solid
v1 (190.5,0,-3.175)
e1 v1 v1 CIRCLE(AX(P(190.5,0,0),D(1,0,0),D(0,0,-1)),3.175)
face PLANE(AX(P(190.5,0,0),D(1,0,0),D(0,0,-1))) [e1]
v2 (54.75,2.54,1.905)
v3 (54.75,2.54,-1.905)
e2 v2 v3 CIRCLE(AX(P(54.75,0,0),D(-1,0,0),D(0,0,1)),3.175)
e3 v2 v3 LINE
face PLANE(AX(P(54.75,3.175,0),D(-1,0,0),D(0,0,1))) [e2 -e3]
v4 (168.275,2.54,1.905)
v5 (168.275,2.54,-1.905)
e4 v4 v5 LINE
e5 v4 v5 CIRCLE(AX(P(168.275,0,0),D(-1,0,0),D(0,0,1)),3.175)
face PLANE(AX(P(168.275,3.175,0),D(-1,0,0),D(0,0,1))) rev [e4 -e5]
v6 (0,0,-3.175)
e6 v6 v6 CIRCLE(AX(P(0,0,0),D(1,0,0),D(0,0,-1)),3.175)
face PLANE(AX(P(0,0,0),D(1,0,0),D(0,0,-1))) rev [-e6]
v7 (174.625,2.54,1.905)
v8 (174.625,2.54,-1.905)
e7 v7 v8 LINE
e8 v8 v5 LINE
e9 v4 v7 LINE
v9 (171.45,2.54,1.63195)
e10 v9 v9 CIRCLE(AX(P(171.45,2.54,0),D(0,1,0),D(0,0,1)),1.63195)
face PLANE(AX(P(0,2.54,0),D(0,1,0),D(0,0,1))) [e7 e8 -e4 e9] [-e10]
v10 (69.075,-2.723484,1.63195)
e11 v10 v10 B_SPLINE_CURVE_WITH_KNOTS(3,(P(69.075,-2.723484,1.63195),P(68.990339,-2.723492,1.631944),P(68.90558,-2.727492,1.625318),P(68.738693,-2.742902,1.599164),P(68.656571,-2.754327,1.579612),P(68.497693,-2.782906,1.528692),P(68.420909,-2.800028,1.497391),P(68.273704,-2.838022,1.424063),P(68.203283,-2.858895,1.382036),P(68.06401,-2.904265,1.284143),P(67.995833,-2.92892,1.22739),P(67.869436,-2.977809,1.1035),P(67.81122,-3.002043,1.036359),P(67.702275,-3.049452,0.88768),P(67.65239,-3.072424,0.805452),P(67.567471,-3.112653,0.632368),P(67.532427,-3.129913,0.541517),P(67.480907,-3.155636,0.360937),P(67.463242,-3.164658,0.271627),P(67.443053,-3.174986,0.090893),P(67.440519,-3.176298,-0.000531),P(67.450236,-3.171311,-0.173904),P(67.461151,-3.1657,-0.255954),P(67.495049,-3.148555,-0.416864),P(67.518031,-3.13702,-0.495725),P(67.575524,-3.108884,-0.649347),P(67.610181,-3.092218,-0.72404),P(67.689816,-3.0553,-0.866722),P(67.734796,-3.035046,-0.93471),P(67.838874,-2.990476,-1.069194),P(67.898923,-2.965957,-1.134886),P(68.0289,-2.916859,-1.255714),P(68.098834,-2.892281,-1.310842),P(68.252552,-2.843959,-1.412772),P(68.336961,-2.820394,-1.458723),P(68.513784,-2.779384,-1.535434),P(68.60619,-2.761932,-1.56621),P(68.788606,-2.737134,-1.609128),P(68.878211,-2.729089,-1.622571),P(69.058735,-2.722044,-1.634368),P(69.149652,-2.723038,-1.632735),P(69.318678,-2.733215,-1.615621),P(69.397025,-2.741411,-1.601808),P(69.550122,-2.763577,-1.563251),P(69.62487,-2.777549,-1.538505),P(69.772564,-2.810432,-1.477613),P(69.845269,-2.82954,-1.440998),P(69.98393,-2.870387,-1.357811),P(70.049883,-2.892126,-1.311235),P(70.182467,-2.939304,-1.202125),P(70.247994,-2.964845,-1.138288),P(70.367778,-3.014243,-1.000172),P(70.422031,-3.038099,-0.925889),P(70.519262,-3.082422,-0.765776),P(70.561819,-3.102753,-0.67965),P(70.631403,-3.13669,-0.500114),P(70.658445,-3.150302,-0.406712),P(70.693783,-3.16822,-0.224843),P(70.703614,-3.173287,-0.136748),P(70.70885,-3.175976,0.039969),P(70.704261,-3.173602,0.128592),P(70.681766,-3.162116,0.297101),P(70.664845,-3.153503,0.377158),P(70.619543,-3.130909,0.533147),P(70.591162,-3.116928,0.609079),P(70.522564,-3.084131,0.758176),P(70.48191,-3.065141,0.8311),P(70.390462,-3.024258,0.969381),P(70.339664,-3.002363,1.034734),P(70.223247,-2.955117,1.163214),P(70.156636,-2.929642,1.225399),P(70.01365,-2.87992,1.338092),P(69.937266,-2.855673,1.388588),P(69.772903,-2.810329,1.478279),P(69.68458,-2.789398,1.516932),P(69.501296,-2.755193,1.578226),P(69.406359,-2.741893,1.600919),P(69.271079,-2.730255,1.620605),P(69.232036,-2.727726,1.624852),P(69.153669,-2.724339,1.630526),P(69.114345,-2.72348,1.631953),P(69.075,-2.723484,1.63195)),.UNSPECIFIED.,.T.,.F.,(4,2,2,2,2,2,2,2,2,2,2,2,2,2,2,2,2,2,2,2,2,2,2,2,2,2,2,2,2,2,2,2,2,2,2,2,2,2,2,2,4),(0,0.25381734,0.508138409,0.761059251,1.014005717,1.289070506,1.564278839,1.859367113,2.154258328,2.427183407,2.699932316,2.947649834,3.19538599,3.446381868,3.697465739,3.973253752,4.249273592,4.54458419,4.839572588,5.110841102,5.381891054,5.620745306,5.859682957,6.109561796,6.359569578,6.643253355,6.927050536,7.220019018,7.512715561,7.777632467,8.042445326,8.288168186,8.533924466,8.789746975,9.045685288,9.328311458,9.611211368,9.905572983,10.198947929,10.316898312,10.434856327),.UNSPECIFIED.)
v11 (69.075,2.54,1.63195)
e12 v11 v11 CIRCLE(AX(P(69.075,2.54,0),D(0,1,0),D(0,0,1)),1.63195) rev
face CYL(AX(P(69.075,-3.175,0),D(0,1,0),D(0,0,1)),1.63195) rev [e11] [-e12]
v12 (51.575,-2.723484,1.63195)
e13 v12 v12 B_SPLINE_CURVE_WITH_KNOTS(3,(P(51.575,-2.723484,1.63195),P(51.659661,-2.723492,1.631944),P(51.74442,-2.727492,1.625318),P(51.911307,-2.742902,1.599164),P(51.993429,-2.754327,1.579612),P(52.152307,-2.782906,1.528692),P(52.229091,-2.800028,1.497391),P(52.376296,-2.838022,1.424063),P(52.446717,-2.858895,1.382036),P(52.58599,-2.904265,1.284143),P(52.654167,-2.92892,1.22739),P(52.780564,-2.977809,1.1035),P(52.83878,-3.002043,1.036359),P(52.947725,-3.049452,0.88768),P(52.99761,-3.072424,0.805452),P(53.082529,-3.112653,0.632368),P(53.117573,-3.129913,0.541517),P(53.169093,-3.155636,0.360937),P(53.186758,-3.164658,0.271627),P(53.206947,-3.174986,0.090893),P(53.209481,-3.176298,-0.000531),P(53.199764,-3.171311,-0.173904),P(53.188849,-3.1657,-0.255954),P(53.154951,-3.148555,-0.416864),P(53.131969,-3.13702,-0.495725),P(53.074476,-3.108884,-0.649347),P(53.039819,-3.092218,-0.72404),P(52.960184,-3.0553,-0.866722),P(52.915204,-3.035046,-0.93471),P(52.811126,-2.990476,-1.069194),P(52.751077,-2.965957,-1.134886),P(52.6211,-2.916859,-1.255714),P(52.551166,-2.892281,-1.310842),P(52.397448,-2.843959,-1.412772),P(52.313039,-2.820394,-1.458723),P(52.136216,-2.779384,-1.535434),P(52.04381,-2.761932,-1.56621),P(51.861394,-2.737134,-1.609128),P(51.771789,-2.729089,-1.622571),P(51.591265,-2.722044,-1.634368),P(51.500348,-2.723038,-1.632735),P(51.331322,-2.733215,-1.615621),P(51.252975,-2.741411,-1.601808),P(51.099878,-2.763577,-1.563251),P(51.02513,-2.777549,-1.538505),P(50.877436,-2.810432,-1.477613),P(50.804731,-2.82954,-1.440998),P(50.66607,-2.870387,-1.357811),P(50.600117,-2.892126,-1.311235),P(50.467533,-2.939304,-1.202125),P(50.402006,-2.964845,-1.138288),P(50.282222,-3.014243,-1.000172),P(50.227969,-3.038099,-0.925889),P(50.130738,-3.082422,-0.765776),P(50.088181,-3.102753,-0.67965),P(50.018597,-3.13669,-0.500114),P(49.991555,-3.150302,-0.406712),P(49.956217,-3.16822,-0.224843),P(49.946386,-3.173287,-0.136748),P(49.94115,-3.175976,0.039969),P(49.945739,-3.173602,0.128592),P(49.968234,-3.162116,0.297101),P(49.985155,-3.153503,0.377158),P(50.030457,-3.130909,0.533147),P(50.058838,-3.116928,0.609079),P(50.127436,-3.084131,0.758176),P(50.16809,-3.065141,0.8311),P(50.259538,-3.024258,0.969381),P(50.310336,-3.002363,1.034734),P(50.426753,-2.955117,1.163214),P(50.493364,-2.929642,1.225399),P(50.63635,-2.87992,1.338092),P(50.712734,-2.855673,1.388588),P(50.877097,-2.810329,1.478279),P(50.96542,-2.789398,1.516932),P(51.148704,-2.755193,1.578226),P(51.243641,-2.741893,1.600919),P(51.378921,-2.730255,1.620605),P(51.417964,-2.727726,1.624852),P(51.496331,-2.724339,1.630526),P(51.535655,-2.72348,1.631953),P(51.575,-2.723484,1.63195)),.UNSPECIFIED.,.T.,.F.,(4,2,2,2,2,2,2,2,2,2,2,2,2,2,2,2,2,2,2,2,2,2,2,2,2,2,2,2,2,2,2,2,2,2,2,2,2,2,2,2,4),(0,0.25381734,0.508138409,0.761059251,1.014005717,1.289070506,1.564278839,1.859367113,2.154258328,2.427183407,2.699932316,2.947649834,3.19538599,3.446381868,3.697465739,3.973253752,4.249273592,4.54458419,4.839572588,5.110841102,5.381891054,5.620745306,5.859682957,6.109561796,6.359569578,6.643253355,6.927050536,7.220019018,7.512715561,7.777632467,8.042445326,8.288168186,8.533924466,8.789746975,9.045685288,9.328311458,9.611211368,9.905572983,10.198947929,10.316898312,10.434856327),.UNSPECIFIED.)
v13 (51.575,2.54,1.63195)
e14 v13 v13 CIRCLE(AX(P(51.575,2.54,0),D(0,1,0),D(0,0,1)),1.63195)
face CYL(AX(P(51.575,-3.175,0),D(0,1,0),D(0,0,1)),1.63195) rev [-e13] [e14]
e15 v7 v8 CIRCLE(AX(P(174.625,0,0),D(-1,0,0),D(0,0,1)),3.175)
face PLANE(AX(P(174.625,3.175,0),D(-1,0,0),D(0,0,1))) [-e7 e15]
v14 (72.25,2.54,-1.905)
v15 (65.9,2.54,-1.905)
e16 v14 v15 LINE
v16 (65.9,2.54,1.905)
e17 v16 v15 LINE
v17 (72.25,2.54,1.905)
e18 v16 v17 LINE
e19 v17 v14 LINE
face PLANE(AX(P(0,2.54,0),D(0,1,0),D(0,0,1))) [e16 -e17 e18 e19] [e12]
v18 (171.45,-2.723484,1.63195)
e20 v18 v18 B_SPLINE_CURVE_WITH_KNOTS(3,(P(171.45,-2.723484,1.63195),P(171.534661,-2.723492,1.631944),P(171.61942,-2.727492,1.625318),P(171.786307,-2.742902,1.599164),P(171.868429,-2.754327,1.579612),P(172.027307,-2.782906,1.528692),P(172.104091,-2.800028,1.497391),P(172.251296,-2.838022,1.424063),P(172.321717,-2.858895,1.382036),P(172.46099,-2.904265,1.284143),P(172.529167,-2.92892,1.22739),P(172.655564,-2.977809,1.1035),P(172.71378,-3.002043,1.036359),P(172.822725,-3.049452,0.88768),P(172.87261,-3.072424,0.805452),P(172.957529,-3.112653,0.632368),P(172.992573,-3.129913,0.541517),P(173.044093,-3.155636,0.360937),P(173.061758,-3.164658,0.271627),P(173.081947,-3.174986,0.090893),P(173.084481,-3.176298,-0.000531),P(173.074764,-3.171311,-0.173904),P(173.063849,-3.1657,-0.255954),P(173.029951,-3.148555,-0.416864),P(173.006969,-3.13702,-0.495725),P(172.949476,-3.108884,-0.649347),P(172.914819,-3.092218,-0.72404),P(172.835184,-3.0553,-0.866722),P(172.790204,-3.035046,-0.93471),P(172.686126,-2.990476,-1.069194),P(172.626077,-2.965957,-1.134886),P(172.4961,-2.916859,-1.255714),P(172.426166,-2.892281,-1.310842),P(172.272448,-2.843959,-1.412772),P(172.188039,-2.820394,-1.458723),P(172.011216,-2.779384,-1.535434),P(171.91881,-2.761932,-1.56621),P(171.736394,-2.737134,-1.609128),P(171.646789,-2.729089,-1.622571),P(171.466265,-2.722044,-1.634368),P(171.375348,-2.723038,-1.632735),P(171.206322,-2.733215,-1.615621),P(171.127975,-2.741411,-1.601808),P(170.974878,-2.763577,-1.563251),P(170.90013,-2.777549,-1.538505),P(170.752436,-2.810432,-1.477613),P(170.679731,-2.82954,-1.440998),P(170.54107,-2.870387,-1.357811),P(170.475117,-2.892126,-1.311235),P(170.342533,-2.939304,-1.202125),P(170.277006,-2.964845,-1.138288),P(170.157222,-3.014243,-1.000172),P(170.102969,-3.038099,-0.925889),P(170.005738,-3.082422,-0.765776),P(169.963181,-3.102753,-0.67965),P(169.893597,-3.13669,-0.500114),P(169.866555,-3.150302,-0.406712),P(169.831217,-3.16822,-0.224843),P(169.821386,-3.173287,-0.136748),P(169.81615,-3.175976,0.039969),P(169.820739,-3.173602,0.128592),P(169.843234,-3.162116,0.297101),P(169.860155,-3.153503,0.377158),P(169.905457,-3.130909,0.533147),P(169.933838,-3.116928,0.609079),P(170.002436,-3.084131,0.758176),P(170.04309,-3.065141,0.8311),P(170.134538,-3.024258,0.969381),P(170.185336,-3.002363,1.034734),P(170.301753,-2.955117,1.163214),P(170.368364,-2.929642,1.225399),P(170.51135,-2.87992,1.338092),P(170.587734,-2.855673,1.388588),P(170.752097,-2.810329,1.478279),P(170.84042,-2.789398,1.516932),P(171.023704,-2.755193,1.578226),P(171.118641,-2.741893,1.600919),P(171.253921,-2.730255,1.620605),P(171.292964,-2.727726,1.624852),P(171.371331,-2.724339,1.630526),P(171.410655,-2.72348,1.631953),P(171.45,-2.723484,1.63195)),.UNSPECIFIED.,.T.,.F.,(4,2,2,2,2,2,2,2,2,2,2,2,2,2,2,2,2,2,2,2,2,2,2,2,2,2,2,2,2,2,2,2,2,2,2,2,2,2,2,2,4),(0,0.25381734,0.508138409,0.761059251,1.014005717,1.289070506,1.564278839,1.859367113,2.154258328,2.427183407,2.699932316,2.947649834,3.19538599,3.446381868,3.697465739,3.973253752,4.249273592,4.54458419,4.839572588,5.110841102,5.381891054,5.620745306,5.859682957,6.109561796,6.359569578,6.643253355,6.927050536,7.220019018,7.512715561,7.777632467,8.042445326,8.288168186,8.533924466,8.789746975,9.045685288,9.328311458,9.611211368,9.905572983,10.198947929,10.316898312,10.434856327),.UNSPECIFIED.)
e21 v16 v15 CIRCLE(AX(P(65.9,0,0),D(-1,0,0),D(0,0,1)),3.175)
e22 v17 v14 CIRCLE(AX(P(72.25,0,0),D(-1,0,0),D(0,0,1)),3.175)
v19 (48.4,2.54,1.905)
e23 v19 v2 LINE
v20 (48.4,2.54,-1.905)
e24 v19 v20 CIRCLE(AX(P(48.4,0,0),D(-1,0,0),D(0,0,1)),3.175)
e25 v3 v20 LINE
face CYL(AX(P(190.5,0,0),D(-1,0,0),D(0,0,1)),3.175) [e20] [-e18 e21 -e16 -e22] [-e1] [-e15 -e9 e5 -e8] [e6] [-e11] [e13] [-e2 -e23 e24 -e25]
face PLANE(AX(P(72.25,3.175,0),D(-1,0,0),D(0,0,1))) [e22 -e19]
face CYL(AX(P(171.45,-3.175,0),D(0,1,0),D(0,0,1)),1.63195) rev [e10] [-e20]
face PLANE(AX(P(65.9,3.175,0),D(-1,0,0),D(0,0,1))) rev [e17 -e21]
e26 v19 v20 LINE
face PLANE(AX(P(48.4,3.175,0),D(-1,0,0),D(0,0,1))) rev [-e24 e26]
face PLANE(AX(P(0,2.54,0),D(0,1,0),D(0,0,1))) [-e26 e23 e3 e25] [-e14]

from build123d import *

# Parameters (mm, degrees)
SKETCH1_R               = 3.175
BOSS_EXTRUDE1_DEPTH     = 190.5
CUT_EXTRUDE1_DEPTH      = 191.552909319
CUT_EXTRUDE1_DEPTH_BACK = 191.552909319
SKETCH2_R               = 1.63195
CUT_EXTRUDE2_START      = 2.54
SKETCH2_3_W             = 6.35
SKETCH2_3_H             = 11.745313468
SKETCH2_3_R             = 1.63195
SKETCH2_3_H_2           = 14.521129012
CUT_EXTRUDE2_DEPTH      = 189.012909422


with BuildPart() as part:
    # Sketch1 → Boss-Extrude1 (new body)
    with BuildSketch(Plane(origin=(0, 0, 0), x_dir=(0, 0, -1), z_dir=(1, 0, 0))):
        Circle(SKETCH1_R)
    extrude(amount=BOSS_EXTRUDE1_DEPTH)

    # Sketch2 → Cut-Extrude1 (cut, two sides: drawn at the far end of the back side and taken through both)
    with BuildSketch(Plane(origin=(0, 0, 0), x_dir=(1, 0, 0), z_dir=(0, 1, 0)).offset(-CUT_EXTRUDE1_DEPTH_BACK)):
        with Locations((171.45, 0)):
            Circle(SKETCH2_R)
        with Locations((51.575, 0)):
            Circle(SKETCH2_R)
        with Locations((69.075, 0)):
            Circle(SKETCH2_R)
    extrude(amount=CUT_EXTRUDE1_DEPTH + CUT_EXTRUDE1_DEPTH_BACK, mode=Mode.SUBTRACT)

    # Sketch2<3> → Cut-Extrude2 (cut, through all)
    # profile 1 of 3: a face of its own
    with BuildSketch(Plane(origin=(0, 0, 0), x_dir=(1, 0, 0), z_dir=(0, 1, 0)).offset(CUT_EXTRUDE2_START)):
        with Locations((69.075, 0)):
            Rectangle(SKETCH2_3_W, SKETCH2_3_H)
        with Locations((69.075, 0)):
            Circle(SKETCH2_3_R, mode=Mode.SUBTRACT)
    # profile 2 of 3: a face of its own
    with BuildSketch(Plane(origin=(0, 0, 0), x_dir=(1, 0, 0), z_dir=(0, 1, 0)).offset(CUT_EXTRUDE2_START)):
        with Locations((51.575, 0)):
            Rectangle(SKETCH2_3_W, SKETCH2_3_H)
        with Locations((51.575, 0)):
            Circle(SKETCH2_3_R, mode=Mode.SUBTRACT)
    # profile 3 of 3: a face of its own
    with BuildSketch(Plane(origin=(0, 0, 0), x_dir=(1, 0, 0), z_dir=(0, 1, 0)).offset(CUT_EXTRUDE2_START)):
        with Locations((171.45, 0)):
            Rectangle(SKETCH2_3_W, SKETCH2_3_H_2)
        with Locations((171.45, 0)):
            Circle(SKETCH2_3_R, mode=Mode.SUBTRACT)
    extrude(amount=CUT_EXTRUDE2_DEPTH, mode=Mode.SUBTRACT)


solid = part.part
